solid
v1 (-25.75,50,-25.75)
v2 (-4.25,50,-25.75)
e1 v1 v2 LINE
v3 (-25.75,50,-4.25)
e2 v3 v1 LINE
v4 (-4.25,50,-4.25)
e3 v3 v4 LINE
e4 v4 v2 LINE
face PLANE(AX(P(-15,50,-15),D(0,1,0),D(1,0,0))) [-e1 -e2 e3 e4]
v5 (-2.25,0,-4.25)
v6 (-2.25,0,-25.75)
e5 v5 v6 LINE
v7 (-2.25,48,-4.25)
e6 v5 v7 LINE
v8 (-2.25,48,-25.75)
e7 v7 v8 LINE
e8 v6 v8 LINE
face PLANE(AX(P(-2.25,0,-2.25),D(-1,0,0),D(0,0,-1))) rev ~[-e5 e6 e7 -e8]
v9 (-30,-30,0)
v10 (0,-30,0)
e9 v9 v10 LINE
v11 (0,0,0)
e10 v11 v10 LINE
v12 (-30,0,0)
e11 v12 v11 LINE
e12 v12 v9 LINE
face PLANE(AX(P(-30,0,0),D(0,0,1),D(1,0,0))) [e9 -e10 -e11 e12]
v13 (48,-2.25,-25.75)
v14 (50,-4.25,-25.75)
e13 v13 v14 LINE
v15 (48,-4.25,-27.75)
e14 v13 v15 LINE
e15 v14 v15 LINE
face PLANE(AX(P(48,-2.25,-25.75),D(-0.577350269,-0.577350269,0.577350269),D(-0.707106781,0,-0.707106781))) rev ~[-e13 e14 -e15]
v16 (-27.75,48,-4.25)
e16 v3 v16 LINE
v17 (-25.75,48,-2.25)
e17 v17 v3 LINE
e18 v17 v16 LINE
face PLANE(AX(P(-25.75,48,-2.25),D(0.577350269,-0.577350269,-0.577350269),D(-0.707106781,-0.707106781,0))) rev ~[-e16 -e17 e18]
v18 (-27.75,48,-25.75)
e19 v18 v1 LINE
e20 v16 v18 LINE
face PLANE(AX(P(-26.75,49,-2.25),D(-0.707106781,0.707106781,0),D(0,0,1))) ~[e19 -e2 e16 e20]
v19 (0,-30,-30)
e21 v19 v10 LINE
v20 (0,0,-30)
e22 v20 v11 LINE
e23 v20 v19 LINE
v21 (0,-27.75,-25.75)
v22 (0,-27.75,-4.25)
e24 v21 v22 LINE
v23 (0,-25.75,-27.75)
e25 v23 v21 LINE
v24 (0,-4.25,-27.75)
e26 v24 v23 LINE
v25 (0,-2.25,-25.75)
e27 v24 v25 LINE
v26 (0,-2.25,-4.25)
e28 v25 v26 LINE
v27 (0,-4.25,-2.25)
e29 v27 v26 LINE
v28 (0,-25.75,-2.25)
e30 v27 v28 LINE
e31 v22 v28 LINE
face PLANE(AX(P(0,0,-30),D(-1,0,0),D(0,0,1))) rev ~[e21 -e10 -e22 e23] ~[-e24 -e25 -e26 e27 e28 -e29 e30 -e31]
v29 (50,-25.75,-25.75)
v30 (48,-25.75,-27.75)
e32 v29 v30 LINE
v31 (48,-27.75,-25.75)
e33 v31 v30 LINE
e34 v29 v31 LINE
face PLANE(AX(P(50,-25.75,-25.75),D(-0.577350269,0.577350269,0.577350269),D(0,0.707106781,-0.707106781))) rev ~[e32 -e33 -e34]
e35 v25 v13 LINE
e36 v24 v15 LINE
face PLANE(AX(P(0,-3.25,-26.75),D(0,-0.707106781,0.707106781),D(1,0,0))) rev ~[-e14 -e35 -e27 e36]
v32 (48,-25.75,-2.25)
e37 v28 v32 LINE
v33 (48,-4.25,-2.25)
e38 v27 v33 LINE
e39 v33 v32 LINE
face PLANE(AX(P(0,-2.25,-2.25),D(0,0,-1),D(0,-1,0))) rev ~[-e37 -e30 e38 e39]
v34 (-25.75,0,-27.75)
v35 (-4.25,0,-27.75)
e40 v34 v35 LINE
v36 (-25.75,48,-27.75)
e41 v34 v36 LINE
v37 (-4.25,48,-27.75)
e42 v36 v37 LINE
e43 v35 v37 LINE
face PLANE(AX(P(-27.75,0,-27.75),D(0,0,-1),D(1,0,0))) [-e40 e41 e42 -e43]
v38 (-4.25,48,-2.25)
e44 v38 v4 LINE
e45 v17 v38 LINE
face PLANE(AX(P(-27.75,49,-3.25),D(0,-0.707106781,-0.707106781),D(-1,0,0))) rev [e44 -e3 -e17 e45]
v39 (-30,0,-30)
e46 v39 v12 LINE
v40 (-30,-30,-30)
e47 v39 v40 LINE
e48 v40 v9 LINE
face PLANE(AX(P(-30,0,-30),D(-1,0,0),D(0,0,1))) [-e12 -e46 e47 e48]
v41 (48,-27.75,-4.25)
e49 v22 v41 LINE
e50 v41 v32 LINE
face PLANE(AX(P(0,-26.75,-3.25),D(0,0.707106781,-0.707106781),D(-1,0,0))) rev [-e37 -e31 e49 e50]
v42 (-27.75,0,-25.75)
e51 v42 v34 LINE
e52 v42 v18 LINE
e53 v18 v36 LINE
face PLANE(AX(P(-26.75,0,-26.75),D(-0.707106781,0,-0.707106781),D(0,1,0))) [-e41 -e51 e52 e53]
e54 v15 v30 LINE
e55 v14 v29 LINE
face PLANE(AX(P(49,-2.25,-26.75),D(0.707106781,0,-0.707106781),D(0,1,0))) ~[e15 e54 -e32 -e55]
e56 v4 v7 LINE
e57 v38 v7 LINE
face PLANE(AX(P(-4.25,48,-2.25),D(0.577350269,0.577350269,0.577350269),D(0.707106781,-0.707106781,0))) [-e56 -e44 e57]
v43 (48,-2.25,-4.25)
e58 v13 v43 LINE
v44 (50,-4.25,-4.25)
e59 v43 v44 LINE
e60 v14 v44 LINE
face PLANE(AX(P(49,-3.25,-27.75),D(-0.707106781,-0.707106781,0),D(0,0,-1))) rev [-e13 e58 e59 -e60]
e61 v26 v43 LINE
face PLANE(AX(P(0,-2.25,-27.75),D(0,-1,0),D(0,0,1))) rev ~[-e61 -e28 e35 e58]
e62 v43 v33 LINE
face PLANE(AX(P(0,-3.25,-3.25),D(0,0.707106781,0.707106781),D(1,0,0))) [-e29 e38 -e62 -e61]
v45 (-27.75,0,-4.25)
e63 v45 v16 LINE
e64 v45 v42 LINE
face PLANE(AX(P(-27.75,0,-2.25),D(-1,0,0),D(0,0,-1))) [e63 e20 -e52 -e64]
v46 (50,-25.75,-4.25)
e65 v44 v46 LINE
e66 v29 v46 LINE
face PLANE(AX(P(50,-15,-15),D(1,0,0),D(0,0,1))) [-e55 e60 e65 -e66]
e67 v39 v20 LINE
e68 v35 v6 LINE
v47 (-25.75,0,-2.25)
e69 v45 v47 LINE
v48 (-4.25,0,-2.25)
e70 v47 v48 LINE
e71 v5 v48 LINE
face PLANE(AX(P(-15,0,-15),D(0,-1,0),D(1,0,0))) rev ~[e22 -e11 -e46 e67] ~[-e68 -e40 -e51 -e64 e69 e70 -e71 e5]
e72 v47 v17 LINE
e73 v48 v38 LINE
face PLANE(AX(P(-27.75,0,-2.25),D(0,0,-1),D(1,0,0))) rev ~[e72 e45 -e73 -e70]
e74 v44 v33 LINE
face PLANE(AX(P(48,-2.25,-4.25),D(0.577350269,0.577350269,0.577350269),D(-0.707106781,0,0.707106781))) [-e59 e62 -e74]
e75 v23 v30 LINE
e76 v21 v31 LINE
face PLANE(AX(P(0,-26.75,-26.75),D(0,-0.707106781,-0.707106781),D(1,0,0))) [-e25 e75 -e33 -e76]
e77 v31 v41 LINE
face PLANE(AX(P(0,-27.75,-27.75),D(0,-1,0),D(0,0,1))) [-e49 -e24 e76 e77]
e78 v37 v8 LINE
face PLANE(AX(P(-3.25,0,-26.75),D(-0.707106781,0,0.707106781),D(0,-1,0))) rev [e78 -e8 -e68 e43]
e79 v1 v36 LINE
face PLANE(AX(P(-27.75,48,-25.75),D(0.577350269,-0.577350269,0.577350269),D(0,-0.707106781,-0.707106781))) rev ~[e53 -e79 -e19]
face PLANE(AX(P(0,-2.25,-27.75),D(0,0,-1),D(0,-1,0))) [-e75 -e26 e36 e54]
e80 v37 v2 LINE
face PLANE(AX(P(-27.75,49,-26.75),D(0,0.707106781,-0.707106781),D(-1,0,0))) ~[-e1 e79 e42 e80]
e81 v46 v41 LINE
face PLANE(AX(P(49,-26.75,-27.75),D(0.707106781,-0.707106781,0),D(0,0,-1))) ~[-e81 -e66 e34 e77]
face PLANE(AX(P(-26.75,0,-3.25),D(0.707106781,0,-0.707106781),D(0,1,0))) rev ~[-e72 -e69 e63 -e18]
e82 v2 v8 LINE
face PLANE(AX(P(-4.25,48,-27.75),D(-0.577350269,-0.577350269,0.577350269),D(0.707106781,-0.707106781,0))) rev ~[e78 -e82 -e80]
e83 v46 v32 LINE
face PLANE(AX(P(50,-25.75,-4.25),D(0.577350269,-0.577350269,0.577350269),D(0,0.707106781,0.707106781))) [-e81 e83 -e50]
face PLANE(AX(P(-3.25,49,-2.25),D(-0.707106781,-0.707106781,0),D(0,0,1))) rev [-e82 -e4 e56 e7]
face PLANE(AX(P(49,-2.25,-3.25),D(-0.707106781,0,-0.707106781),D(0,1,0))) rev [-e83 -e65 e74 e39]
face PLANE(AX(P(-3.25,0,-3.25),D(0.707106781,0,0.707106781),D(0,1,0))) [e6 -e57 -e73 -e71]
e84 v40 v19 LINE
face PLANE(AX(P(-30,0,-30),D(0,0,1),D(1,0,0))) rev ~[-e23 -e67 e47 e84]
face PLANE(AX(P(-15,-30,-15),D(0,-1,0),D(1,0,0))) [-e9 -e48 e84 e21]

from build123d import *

# Parameters (mm, degrees)
SKETCH007_W     = 30
SKETCH007_H     = 30
PAD007_DEPTH    = 30
SKETCH008_W     = 25.5
SKETCH008_H     = 25.5
PAD008_DEPTH    = 50
CHAMFER002_SIZE = 2
SKETCH009_W     = 25.5
SKETCH009_H     = 25.5
PAD009_DEPTH    = 50
CHAMFER003_SIZE = 2


with BuildPart() as part:
    # Sketch007 → Pad007 (new body)
    with BuildSketch(Plane.XZ):
        with Locations((-15, -15)):
            Rectangle(SKETCH007_W, SKETCH007_H)
    extrude(amount=PAD007_DEPTH)

    # Sketch008 (on Face4 of Pad007) → Pad008 (join)
    with BuildSketch(Plane(origin=(0, 0, 0), x_dir=(0, 0, 1), z_dir=(1, 0, 0))):
        with Locations((-15, 15)):
            Rectangle(SKETCH008_W, SKETCH008_H)
    extrude(amount=PAD008_DEPTH)

    # Chamfer002
    chamfer002_edges = [part.edges().sort_by_distance(p)[0] for p in [
        (25, -27.75, -2.25),
        (25, -27.75, -27.75),
        (50, -27.75, -15),
        (50, -15, -2.25),
        (50, -15, -27.75),
        (50, -2.25, -15),
        (25, -2.25, -2.25),
        (25, -2.25, -27.75),
    ]]
    chamfer(chamfer002_edges, length=CHAMFER002_SIZE)

    # Sketch009 (on Face11 of Chamfer002) → Pad009 (join)
    with BuildSketch(Plane(origin=(0, 0, 0), x_dir=(1, 0, 0), z_dir=(0, 1, 0))):
        with Locations((-15, 15)):
            Rectangle(SKETCH009_W, SKETCH009_H)
    extrude(amount=PAD009_DEPTH)

    # Chamfer003
    chamfer003_edges = [part.edges().sort_by_distance(p)[0] for p in [
        (-2.25, 50, -15),
        (-15, 50, -27.75),
        (-27.75, 50, -15),
        (-15, 50, -2.25),
        (-27.75, 25, -2.25),
        (-27.75, 25, -27.75),
        (-2.25, 25, -2.25),
        (-2.25, 25, -27.75),
    ]]
    chamfer(chamfer003_edges, length=CHAMFER003_SIZE)


solid = part.part
